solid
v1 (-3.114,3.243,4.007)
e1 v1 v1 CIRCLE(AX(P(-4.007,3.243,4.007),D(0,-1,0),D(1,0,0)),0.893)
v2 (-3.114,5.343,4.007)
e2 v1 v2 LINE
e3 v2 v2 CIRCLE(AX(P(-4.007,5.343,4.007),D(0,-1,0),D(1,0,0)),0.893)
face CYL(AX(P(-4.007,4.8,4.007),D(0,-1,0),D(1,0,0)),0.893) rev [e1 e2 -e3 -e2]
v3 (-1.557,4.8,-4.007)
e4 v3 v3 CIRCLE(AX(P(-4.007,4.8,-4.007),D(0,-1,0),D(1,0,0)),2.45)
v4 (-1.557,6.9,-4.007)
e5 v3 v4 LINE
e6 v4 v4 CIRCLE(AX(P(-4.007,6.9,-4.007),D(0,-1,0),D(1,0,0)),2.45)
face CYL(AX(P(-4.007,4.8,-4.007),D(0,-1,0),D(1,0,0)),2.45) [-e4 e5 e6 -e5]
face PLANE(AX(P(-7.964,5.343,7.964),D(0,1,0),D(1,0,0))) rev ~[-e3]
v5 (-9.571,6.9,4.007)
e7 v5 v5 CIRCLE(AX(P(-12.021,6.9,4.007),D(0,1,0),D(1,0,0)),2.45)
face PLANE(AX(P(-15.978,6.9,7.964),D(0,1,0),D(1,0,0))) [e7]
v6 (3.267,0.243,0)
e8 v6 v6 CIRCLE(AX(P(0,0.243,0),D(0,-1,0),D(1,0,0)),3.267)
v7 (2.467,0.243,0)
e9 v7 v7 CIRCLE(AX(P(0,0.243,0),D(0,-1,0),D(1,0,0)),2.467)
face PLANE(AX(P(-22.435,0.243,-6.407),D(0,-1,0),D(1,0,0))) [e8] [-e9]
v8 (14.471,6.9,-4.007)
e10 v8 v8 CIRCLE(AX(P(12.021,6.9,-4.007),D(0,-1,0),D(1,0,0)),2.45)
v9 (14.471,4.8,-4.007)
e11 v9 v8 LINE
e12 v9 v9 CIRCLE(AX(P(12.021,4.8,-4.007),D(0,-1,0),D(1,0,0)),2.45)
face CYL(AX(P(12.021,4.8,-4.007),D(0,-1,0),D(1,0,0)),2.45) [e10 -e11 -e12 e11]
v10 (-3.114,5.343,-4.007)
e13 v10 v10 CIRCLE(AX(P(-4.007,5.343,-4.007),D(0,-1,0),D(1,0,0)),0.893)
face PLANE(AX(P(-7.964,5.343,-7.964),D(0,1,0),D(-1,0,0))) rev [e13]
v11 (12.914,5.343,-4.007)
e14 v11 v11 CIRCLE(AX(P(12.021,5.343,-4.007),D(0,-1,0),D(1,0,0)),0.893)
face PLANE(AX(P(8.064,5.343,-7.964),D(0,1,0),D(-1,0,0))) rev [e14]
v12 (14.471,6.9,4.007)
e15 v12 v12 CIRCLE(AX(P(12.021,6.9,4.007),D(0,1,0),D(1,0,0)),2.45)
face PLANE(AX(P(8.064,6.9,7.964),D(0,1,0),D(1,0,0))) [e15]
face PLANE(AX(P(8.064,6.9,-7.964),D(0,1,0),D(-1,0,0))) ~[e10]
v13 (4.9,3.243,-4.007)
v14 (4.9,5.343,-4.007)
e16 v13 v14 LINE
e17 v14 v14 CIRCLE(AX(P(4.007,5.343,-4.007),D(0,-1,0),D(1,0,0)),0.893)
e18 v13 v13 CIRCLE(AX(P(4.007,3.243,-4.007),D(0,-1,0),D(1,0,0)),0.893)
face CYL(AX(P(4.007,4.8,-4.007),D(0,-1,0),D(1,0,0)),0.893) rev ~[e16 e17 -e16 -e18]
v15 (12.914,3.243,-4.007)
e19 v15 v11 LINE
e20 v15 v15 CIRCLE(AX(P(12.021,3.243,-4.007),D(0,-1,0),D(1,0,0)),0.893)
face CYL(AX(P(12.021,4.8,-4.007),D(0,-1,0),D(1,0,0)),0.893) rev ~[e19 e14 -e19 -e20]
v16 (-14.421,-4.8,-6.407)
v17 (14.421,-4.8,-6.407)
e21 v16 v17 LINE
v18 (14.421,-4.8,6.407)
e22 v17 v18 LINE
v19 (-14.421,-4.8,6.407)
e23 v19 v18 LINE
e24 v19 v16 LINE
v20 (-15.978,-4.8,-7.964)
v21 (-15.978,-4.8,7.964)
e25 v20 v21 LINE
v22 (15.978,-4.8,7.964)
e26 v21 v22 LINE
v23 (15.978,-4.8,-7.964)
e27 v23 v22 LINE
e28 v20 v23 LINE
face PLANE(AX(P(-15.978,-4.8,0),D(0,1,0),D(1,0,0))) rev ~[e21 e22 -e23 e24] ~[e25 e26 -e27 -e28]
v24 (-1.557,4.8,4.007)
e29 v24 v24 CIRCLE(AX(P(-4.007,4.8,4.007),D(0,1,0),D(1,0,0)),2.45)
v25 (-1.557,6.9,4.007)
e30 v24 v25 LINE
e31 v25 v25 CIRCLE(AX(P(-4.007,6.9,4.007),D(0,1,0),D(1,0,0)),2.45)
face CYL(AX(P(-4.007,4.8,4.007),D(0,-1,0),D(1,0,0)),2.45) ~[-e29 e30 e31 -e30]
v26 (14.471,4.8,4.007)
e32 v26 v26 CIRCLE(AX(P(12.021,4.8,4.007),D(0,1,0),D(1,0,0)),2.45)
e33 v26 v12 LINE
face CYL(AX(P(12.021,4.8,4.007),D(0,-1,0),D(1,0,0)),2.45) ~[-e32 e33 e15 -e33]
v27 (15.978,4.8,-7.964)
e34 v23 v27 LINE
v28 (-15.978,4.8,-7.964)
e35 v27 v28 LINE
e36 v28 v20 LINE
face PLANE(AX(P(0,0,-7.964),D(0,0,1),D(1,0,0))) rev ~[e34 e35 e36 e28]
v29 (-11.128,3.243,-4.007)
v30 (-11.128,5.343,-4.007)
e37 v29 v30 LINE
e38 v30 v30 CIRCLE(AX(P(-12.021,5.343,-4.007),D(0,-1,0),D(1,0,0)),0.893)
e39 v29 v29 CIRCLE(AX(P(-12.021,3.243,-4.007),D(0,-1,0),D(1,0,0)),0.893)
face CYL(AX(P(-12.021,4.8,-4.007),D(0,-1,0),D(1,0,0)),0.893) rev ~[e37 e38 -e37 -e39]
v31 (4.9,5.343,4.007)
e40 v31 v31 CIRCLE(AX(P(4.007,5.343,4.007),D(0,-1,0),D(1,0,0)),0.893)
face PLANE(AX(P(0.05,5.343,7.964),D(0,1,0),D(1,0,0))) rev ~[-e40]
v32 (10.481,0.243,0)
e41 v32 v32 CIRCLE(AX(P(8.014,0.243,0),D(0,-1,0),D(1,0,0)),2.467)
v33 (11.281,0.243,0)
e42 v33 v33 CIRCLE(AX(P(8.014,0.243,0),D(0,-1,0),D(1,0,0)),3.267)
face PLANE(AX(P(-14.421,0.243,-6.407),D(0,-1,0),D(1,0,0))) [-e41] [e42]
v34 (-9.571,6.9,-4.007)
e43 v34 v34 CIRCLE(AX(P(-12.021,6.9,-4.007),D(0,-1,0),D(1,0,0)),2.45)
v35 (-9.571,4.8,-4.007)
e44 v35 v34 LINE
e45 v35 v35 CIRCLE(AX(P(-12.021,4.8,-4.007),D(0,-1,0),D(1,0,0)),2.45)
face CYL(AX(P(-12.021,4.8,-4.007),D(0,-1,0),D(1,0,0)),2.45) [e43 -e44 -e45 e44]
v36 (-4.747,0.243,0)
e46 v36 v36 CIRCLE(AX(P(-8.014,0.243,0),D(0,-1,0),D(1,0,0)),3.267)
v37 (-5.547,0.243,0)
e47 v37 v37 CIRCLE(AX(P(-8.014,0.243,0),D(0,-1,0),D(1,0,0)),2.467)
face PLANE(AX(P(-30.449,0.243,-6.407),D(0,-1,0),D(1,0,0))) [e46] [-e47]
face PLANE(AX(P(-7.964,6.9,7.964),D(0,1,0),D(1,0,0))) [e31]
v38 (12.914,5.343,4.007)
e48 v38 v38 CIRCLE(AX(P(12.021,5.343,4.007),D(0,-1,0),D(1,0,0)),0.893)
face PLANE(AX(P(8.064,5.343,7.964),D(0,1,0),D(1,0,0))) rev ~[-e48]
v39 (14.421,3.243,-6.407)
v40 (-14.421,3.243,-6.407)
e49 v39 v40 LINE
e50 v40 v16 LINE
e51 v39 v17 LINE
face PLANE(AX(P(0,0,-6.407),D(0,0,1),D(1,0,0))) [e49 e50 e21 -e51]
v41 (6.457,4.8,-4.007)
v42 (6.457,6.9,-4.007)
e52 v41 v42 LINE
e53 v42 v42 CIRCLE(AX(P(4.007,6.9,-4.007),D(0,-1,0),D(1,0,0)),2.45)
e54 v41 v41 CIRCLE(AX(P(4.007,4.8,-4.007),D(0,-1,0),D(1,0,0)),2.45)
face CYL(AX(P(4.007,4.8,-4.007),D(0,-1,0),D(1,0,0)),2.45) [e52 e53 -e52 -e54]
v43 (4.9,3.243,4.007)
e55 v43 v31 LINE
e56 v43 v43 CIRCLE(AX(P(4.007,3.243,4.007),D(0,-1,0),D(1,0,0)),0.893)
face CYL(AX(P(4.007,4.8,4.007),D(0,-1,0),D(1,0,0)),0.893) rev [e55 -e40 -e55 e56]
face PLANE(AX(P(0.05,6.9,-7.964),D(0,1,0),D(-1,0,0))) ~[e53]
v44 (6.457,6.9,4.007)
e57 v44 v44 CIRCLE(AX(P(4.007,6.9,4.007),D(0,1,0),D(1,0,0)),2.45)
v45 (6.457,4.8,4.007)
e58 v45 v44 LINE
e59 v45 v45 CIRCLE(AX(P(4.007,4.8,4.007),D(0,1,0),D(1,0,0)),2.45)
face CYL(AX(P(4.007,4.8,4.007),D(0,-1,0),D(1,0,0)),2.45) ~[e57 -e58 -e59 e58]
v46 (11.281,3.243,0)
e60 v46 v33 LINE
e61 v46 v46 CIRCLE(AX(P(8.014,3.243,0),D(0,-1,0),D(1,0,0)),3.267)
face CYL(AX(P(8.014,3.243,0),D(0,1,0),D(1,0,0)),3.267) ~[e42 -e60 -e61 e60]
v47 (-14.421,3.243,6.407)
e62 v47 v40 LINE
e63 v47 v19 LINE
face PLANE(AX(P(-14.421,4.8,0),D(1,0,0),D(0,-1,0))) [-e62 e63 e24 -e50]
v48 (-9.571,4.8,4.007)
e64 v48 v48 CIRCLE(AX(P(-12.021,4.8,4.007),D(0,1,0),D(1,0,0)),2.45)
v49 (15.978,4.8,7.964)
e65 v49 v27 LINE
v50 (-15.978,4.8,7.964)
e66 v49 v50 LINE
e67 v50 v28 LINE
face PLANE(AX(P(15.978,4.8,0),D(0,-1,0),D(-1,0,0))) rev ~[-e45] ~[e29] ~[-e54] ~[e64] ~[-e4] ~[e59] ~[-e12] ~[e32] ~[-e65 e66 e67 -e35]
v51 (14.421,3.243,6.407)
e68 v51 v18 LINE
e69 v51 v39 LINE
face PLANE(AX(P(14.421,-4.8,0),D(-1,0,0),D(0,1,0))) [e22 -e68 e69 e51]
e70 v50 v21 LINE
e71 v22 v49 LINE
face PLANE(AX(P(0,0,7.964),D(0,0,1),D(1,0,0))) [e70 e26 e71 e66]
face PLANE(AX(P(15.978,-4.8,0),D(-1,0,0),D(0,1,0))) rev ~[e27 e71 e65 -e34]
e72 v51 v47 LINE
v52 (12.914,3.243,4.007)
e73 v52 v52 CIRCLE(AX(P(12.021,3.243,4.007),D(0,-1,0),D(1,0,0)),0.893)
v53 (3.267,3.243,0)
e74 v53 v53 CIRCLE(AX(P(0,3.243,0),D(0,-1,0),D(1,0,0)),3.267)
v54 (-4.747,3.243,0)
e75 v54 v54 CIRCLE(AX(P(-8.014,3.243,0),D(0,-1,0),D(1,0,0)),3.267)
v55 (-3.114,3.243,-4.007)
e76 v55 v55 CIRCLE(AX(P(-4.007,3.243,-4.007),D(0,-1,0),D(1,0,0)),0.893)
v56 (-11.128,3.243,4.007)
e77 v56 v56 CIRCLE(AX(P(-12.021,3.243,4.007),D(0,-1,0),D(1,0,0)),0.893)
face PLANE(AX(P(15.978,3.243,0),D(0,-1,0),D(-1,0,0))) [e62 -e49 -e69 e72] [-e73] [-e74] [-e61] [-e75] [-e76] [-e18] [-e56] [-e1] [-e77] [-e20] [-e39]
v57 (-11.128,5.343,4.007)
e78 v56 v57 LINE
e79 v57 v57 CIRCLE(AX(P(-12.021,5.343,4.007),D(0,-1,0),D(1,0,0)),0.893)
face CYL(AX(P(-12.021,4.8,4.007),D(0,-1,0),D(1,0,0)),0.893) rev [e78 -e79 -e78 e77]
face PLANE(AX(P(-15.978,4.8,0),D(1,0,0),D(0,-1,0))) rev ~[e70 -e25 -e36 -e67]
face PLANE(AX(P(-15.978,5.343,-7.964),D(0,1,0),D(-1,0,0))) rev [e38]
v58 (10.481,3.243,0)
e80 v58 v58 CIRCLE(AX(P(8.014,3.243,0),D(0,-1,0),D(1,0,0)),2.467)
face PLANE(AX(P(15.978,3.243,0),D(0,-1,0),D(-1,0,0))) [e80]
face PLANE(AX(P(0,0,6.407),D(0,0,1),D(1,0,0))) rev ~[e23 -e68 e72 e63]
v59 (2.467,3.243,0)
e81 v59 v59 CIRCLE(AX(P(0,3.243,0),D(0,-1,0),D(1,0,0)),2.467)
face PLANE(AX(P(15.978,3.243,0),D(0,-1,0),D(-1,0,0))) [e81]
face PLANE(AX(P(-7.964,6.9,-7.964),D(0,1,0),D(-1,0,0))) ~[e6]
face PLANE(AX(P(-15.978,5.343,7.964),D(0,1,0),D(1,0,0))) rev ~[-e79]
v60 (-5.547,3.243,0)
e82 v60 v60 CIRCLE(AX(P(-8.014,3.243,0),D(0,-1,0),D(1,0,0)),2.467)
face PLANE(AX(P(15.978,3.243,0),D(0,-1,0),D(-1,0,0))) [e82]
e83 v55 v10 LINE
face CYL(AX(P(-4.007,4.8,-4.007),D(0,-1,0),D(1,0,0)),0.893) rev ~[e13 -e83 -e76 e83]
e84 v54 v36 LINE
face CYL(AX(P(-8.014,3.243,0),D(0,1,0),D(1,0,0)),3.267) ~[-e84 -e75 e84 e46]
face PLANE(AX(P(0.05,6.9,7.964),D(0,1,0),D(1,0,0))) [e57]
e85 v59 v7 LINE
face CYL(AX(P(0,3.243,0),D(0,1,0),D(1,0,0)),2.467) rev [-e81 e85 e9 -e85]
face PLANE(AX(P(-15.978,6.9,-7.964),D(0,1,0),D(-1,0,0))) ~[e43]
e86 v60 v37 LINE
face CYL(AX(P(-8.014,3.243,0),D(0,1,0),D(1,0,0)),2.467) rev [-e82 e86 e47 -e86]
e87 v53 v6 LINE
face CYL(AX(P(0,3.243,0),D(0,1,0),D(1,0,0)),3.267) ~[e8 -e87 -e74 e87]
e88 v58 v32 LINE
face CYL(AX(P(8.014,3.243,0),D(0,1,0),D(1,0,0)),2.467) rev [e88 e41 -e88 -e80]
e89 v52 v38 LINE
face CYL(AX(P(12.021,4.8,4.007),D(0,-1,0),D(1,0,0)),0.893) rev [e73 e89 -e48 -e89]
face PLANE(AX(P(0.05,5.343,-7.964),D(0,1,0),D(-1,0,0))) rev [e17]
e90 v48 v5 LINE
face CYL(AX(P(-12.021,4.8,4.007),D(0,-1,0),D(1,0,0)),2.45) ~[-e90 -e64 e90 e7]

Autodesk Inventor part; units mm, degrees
ref_plane "YZ Plane" through (0, 0, 0) normal (1, 0, 0) x (0, 1, 0)
ref_plane "XZ Plane" through (0, 0, 0) normal (0, 1, 0) x (-1, 0, 0)
ref_plane "XY Plane" through (0, 0, 0) normal (0, 0, 1) x (1, 0, 0)
sketch "Sketch1" plane through (0, 0, 0) normal (0, 0, 1) x (1, 0, 0)
  line L0 (-15.978, -4.8) -> (15.978, -4.8)
  line L1 (15.978, -4.8) -> (15.978, 4.8)
  line L2 (15.978, 4.8) -> (-15.978, 4.8)
  line L3 (-15.978, 4.8) -> (-15.978, -4.8)
  line L4 (-15.978, -4.8) -> (15.978, 4.8) construction
  line L5 (15.978, -4.8) -> (-15.978, 4.8) construction
  point P0 (0, 0)
  dimension "d0" = 31.956
  dimension "d1" = 9.6
extrude "Extrusion1" add sketch "Sketch1" along normal mid plane 15.928
sketch "Sketch2" plane through (-15.978, 4.8, 7.964) normal (0, 1, 0) x (1, 0, 0)
  circle A0 centre (3.957, 3.957) radius 2.45
  point P0 (15.978, 7.964)
  dimension "d4" = 4.9
extrude "Extrusion2" add sketch "Sketch2" along normal blind 2.1
pattern_linear "Rectangular Pattern1" count 4 spacing 8.014 along (1, 0, 0) of "Extrusion2"
mirror "Mirror1" about plane through (0, 0, 0) normal (0, 0, 1) of "Extrusion2", "Rectangular Pattern1"
sketch "Sketch3" plane through (-12.021, 6.9, 4.007) normal (0, 1, 0) x (1, 0, 0)
  point P0 (12.021, 4.007)
shell "Shell1" thickness 1.557 removed faces 1 at (-5.326, -4.8, 2.6547)
sketch "Sketch4" plane through (-15.978, -4.8, 7.964) normal (0, -1, 0) x (1, 0, 0)
  point P0 (15.978, -7.964)
sketch "Sketch6" plane through (-14.421, 3.243, -6.407) normal (0, -1, 0) x (1, 0, 0)
  circle A0 centre (22.435, 6.407) radius 3.267
  circle A1 centre (22.435, 6.407) radius 2.467
  point P0 (14.421, 6.407)
  point P1 (30.399, -1.557)
  dimension "d13" = 6.534
  dimension "d14" = 0.8
extrude "Extrusion3" add sketch "Sketch6" along normal blind 3
pattern_linear "Rectangular Pattern2" count 3 spacing 8.014 along (-1, 0, 0) of "Extrusion3"
properties part number "Lego Brick"
